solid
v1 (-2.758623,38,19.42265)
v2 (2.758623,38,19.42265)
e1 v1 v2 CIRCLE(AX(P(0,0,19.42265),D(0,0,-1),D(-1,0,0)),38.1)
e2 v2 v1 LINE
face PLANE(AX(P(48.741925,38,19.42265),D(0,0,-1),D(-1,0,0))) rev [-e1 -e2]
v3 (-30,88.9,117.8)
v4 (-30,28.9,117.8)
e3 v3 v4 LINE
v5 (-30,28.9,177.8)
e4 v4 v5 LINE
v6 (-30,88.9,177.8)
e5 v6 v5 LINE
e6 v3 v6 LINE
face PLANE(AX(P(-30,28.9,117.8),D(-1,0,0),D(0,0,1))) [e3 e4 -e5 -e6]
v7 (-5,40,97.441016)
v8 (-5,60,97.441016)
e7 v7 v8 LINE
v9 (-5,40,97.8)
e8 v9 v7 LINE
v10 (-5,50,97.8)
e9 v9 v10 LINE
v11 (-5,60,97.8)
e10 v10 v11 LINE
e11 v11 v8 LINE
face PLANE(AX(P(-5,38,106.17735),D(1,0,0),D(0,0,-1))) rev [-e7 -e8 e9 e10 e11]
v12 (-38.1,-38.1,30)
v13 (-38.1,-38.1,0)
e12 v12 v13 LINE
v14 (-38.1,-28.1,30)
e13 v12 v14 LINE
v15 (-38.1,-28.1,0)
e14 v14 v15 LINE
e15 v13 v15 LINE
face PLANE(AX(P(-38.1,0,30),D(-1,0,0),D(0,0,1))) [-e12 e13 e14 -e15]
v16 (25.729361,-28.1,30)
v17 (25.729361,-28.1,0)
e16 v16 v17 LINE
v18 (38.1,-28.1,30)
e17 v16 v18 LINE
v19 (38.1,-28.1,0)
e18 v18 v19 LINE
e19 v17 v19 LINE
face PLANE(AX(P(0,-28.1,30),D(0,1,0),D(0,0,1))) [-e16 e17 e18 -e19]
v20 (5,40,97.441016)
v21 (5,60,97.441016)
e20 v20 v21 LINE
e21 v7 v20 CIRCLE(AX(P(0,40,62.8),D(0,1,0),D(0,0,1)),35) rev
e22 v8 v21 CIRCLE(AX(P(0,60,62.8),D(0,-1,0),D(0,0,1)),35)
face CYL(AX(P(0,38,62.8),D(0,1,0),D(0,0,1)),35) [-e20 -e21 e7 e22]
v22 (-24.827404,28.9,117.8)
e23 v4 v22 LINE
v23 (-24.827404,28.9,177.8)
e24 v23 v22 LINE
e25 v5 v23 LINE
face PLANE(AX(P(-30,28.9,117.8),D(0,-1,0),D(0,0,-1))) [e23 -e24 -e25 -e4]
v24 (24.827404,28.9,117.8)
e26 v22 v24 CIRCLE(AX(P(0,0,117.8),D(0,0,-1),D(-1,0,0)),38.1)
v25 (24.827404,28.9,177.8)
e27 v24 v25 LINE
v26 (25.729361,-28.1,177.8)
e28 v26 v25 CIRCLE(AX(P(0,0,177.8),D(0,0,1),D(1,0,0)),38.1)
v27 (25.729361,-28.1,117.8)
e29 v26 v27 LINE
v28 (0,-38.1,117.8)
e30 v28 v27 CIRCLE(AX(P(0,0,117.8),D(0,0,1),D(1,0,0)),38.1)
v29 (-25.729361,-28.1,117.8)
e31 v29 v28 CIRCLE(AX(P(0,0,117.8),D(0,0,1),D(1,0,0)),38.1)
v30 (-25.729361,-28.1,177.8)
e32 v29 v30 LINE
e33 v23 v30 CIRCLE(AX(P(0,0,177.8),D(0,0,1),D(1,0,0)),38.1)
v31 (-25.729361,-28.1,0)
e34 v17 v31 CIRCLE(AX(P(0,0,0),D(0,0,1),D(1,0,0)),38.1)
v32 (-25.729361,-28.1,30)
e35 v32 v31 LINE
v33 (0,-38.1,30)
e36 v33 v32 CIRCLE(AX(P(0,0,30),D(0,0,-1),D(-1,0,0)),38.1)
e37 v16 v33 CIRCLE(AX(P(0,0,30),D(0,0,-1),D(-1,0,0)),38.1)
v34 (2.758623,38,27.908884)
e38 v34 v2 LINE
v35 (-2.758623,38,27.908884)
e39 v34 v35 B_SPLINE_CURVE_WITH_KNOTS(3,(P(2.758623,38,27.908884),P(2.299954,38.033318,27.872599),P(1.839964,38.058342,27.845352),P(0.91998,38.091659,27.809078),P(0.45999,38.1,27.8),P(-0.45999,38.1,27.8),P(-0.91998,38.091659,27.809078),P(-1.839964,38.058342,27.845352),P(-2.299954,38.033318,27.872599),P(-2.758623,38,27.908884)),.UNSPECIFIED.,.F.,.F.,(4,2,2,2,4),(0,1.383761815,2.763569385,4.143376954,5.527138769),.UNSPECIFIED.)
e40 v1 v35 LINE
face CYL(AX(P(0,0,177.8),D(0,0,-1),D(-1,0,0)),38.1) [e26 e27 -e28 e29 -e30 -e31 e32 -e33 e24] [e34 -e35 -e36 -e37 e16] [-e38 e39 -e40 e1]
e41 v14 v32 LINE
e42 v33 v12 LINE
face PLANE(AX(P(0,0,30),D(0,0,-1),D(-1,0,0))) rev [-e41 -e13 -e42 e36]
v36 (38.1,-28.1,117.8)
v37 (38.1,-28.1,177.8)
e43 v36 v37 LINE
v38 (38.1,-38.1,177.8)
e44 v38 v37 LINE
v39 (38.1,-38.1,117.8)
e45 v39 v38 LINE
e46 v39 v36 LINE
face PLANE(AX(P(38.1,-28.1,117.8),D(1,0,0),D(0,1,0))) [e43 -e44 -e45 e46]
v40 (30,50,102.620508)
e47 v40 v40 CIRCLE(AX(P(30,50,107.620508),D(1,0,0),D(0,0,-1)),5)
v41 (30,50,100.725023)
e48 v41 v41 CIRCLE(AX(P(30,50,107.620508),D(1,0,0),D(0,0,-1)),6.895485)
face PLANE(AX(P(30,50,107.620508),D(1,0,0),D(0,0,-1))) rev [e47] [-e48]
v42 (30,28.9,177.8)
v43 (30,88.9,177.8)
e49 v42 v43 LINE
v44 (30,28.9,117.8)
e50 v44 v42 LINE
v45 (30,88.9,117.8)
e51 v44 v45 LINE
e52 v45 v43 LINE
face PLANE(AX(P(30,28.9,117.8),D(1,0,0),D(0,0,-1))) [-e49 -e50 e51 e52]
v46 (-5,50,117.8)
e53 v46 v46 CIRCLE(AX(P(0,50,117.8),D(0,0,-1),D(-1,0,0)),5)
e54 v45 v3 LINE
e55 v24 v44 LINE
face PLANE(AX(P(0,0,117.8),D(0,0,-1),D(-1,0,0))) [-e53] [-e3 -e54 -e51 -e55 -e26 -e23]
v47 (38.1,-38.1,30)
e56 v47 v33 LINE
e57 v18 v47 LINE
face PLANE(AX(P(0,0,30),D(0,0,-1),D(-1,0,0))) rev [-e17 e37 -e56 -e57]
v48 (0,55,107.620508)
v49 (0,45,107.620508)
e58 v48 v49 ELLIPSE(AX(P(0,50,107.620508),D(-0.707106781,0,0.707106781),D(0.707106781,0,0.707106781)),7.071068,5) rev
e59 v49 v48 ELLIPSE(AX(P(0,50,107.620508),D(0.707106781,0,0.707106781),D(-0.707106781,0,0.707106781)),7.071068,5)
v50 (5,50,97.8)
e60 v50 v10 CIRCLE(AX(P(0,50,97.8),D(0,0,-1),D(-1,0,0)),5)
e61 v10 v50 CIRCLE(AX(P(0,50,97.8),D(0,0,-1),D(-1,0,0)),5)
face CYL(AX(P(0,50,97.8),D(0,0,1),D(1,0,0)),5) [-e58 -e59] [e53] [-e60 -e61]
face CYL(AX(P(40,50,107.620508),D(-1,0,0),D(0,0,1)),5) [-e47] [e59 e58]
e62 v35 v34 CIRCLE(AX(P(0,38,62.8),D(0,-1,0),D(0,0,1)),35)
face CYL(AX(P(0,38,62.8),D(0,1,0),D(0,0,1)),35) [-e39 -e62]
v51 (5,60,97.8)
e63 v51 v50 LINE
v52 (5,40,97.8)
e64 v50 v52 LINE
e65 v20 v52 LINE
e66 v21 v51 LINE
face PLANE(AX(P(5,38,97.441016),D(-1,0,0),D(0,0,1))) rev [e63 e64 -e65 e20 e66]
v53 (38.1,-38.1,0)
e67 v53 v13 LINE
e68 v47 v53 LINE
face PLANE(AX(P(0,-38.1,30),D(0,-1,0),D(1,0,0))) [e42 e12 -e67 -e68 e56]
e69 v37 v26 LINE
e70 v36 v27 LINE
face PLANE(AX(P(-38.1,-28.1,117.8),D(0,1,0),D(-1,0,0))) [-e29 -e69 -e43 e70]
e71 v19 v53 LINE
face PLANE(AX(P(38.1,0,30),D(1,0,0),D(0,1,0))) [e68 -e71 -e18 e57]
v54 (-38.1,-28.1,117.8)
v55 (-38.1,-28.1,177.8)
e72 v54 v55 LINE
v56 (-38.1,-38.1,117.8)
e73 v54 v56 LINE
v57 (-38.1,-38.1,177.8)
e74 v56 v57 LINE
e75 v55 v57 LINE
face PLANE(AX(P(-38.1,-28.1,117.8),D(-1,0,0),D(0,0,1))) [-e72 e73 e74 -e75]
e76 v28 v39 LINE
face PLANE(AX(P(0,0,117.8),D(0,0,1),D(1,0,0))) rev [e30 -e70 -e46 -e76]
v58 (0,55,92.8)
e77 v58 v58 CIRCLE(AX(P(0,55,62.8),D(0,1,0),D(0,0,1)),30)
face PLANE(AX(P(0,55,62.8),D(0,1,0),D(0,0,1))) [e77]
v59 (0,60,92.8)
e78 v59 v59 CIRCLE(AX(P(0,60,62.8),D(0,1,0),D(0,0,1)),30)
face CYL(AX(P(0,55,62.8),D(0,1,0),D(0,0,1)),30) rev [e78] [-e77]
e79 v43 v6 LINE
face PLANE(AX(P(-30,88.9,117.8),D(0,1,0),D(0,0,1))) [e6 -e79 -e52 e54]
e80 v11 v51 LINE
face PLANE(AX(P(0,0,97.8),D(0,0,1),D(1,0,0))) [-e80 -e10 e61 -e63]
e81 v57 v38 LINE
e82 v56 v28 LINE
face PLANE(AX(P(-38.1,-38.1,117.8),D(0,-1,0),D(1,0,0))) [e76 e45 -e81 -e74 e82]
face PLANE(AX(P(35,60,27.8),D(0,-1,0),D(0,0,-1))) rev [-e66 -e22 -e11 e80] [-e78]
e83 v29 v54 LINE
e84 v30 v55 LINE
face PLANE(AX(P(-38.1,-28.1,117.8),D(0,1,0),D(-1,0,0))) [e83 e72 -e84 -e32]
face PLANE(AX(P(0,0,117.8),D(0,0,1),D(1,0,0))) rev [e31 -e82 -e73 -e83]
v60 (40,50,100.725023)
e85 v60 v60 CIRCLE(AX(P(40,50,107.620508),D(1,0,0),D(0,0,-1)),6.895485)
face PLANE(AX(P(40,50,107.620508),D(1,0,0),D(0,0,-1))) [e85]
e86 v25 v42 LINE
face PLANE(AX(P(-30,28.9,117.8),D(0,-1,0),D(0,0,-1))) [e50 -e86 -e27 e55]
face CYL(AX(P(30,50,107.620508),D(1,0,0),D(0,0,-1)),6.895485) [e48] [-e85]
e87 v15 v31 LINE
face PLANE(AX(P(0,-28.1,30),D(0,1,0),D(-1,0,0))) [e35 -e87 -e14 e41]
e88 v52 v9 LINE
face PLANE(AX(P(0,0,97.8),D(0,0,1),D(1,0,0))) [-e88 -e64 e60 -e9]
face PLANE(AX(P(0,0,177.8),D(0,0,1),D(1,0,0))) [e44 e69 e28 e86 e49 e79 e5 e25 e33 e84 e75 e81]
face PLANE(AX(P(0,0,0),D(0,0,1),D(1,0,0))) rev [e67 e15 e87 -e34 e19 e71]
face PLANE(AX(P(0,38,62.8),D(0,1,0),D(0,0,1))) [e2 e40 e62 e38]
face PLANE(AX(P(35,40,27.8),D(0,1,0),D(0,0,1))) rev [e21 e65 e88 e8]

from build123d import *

# Parameters (mm, degrees)
SKETCH1_R           = 38.1
BOSS_EXTRUDE1_DEPTH = 177.8
SKETCH2_W           = 60
SKETCH2_H           = 60
SKETCH2_W_2         = 76.2
SKETCH2_H_2         = 10
BOSS_EXTRUDE2_DEPTH = 60
SKETCH3_R           = 5
BOSS_EXTRUDE3_DEPTH = 20
SKETCH4_W           = 70
SKETCH4_H           = 20
BOSS_EXTRUDE4_DEPTH = 70
CUT_EXTRUDE3_DEPTH  = 22
SKETCH6_R           = 30
CUT_EXTRUDE4_DEPTH  = 5
BOSS_EXTRUDE5_DEPTH = 30
SKETCH8_R           = 5
BOSS_EXTRUDE6_DEPTH = 40
SKETCH9_R           = 6.895484993
BOSS_EXTRUDE7_DEPTH = 10


with BuildPart() as part:
    # Sketch1 → Boss-Extrude1 (new body)
    with BuildSketch(Plane.XY):
        Circle(SKETCH1_R)
    extrude(amount=BOSS_EXTRUDE1_DEPTH)

    # Sketch2 → Boss-Extrude2 (add)
    with BuildSketch(Plane.XY.offset(177.8)):
        with Locations((0, 58.9)):
            Rectangle(SKETCH2_W, SKETCH2_H)
        with Locations((0, -33.1)):
            Rectangle(SKETCH2_W_2, SKETCH2_H_2)
    extrude(amount=-BOSS_EXTRUDE2_DEPTH)

    # Sketch3 → Boss-Extrude3 (add)
    with BuildSketch(Plane(origin=(0, 0, 117.8), x_dir=(-1, 0, 0), z_dir=(0, 0, -1))):
        with Locations((0, 50)):
            Circle(SKETCH3_R)
    extrude(amount=BOSS_EXTRUDE3_DEPTH)

    # Sketch4 → Boss-Extrude4 (add)
    with BuildSketch(Plane(origin=(0, 0, 97.8), x_dir=(-1, 0, 0), z_dir=(0, 0, -1))):
        with Locations((0, 50)):
            Rectangle(SKETCH4_W, SKETCH4_H)
    extrude(amount=BOSS_EXTRUDE4_DEPTH)

    # Sketch5 → Cut-Extrude3 (cut)
    with BuildSketch(Plane(origin=(0, 60, 0), x_dir=(1, 0, 0), z_dir=(0, 1, 0))):
        with BuildLine():
            Line((-5, -106.177349964), (-48.741925114, -106.177349964))
            Line((-48.741925114, -106.177349964), (-48.741925114, -19.422650036))
            Line((-48.741925114, -19.422650036), (48.741925114, -19.422650036))
            Line((48.741925114, -19.422650036), (48.741925114, -106.177349964))
            Line((48.741925114, -106.177349964), (5, -106.177349964))
            Line((5, -106.177349964), (5, -97.441016151))
            ThreePointArc((5, -97.441016151), (0, -27.8), (-5, -97.441016151))
            Line((-5, -97.441016151), (-5, -106.177349964))
        make_face()
    extrude(amount=-CUT_EXTRUDE3_DEPTH, mode=Mode.SUBTRACT)

    # Sketch6 → Cut-Extrude4 (cut)
    with BuildSketch(Plane(origin=(0, 60, 0), x_dir=(1, 0, 0), z_dir=(0, 1, 0))):
        with Locations((0, -62.8)):
            Circle(SKETCH6_R)
    extrude(amount=-CUT_EXTRUDE4_DEPTH, mode=Mode.SUBTRACT)

    # Sketch7 → Boss-Extrude5 (add)
    with BuildSketch(Plane(origin=(0, 0, 0), x_dir=(-1, 0, 0), z_dir=(0, 0, -1))):
        with BuildLine():
            Line((-38.1, -38.1), (0, -38.1))
            ThreePointArc((0, -38.1), (-13.802173742, -35.51211061), (-25.729360661, -28.1))
            Line((-25.729360661, -28.1), (-38.1, -28.1))
            Line((-38.1, -28.1), (-38.1, -38.1))
        make_face()
        with BuildLine():
            Line((38.1, -38.1), (38.1, -28.1))
            Line((38.1, -28.1), (25.729360661, -28.1))
            ThreePointArc((25.729360661, -28.1), (13.802173742, -35.51211061), (0, -38.1))
            Line((0, -38.1), (38.1, -38.1))
        make_face()
    extrude(amount=-BOSS_EXTRUDE5_DEPTH)

    # Sketch8 → Boss-Extrude6 (add)
    with BuildSketch(Plane(origin=(0, 0, 0), x_dir=(0, 0, -1), z_dir=(1, 0, 0))):
        with Locations((-107.620508076, 50)):
            Circle(SKETCH8_R)
    extrude(amount=BOSS_EXTRUDE6_DEPTH)

    # Sketch9 → Boss-Extrude7 (add)
    with BuildSketch(Plane(origin=(40, 0, 0), x_dir=(0, 0, -1), z_dir=(1, 0, 0))):
        with Locations((-107.620508076, 50)):
            Circle(SKETCH9_R)
    extrude(amount=-BOSS_EXTRUDE7_DEPTH)


solid = part.part
